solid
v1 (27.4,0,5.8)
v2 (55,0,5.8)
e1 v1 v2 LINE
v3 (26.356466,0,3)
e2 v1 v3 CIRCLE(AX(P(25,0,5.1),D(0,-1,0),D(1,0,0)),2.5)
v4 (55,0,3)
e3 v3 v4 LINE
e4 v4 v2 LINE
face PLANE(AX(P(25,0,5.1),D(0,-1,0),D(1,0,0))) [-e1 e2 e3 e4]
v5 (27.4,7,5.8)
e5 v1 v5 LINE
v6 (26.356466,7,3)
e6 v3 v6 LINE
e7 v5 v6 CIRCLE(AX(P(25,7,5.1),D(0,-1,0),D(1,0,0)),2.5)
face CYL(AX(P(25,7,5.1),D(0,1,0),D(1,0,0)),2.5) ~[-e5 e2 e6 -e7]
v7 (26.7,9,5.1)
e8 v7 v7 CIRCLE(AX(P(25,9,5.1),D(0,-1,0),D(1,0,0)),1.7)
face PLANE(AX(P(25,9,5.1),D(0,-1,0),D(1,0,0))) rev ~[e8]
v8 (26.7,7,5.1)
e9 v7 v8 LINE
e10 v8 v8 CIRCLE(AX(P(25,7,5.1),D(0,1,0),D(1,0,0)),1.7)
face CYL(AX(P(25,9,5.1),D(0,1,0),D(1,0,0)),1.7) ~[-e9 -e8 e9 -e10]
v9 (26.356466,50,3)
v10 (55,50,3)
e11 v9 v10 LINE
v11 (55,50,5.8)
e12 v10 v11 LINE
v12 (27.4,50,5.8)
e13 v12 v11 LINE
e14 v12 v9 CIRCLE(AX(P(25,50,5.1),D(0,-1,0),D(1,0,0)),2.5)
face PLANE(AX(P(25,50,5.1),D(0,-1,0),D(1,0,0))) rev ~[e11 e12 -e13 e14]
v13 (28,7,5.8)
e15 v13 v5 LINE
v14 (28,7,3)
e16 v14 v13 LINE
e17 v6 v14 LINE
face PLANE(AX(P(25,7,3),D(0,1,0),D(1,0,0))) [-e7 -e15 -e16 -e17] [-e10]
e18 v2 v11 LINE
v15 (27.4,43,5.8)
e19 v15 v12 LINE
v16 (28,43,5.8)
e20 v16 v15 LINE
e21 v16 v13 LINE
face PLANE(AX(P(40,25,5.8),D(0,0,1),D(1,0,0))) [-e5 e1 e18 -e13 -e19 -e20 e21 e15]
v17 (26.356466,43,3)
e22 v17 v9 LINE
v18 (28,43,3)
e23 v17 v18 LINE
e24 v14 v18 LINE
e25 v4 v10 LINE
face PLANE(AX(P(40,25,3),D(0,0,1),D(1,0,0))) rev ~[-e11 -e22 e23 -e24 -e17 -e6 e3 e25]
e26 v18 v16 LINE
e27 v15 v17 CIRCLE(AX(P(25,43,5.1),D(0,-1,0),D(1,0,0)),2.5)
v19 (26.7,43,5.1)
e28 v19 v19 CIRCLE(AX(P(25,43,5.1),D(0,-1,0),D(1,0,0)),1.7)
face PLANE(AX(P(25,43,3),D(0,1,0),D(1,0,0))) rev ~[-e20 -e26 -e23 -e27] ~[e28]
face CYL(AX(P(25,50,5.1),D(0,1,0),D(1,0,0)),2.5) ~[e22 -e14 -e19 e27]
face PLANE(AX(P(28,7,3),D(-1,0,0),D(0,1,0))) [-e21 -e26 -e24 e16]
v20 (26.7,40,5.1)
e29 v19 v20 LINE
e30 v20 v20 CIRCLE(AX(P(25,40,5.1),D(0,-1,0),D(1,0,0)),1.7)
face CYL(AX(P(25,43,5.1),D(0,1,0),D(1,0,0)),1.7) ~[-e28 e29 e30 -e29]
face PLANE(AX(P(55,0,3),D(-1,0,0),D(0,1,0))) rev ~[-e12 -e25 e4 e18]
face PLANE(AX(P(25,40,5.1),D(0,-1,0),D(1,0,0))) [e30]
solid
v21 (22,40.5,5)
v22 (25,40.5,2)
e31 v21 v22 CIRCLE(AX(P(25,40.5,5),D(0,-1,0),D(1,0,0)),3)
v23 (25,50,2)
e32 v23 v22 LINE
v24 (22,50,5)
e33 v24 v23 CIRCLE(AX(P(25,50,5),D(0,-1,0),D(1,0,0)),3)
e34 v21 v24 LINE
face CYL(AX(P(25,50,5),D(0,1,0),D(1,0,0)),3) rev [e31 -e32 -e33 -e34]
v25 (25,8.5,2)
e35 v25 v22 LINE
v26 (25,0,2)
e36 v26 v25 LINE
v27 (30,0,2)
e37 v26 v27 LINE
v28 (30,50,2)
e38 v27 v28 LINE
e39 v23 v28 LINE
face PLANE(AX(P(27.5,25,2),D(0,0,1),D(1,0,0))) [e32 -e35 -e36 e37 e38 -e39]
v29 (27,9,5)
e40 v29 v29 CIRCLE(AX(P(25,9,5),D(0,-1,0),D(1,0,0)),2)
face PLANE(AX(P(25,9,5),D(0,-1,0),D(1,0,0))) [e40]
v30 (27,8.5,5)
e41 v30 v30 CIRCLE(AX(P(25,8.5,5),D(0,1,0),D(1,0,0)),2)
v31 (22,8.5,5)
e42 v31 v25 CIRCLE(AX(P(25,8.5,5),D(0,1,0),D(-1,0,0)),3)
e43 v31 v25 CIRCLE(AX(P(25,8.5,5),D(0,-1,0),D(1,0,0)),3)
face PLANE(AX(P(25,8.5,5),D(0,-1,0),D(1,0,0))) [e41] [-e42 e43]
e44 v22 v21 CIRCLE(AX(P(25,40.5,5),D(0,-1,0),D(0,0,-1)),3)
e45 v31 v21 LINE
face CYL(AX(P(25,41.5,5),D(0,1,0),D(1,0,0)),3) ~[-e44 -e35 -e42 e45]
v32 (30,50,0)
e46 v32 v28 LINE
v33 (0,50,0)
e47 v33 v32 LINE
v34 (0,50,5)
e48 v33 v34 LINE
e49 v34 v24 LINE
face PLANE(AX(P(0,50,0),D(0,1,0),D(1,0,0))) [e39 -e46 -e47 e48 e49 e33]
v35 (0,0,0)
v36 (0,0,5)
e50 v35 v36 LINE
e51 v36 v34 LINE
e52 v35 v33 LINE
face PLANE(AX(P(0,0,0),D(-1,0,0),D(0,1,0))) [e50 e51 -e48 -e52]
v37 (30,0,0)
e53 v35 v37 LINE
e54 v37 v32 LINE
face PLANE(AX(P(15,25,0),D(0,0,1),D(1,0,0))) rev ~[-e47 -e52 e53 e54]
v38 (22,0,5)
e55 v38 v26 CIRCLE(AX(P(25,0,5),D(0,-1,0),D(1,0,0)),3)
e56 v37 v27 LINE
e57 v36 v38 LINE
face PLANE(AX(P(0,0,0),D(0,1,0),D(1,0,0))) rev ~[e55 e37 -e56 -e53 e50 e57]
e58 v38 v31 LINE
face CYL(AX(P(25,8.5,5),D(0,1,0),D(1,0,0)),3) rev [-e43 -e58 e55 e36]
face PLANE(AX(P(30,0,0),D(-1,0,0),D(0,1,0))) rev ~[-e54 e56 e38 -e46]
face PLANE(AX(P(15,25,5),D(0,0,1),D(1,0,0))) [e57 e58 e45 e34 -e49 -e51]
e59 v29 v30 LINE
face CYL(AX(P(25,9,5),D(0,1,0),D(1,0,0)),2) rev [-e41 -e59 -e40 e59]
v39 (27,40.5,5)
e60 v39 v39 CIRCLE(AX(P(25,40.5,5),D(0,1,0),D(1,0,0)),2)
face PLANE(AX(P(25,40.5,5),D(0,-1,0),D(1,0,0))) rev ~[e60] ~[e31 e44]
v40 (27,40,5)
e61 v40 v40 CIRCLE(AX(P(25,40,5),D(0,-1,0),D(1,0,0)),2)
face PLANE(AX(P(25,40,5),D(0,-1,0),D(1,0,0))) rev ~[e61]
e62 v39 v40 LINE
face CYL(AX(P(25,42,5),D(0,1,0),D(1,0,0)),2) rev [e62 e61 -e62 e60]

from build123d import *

# Parameters (mm, degrees)
CYLINDER006_R          = 2
CYLINDER006_DEPTH      = 2
CYLINDER006_ROLL_ANGLE = 90
CYLINDER005_R          = 2
CYLINDER005_DEPTH      = 2
CYLINDER005_ROLL_ANGLE = 90
CYLINDER002_R          = 3
CYLINDER002_DEPTH      = 9.5
CYLINDER002_ROLL_ANGLE = 90
CYLINDER001_R          = 3
CYLINDER001_DEPTH      = 8.5
CYLINDER001_ROLL_ANGLE = 90
BOX001_W               = 5
BOX001_H               = 50
BOX001_DEPTH           = 3
BOX_W                  = 30
BOX_H                  = 50
BOX_DEPTH              = 5
CYLINDER_R             = 3
CYLINDER_DEPTH         = 33
CYLINDER_ROLL_ANGLE    = 90
CYLINDER008_R          = 1.7
CYLINDER008_DEPTH      = 3
CYLINDER008_ROLL_ANGLE = 90
CYLINDER007_R          = 1.7
CYLINDER007_DEPTH      = 3
CYLINDER007_ROLL_ANGLE = 90
CYLINDER004_R          = 2.5
CYLINDER004_DEPTH      = 7
CYLINDER004_ROLL_ANGLE = 90
CYLINDER003_R          = 2.5
CYLINDER003_DEPTH      = 7
CYLINDER003_ROLL_ANGLE = 90
BOX003_W               = 3
BOX003_H               = 36
BOX003_DEPTH           = 3
BOX002_W               = 30
BOX002_H               = 50
BOX002_DEPTH           = 2.8


with BuildPart() as cylinder006:
    # Cylinder006 → Cylinder006 (new body)
    with BuildSketch(Plane.XY):
        Circle(CYLINDER006_R)
    extrude(amount=CYLINDER006_DEPTH)


with BuildPart() as cylinder006_1:
    # Cylinder006 roll: moved
    add(cylinder006.part.rotate(Axis((0, 0, 0), (1, 0, 0)), CYLINDER006_ROLL_ANGLE))


with BuildPart() as cylinder006_2:
    # Cylinder006 placement: moved
    add(cylinder006_1.part.moved(Location((25, 42, 5))))


with BuildPart() as cylinder005:
    # Cylinder005 → Cylinder005 (new body)
    with BuildSketch(Plane.XY):
        Circle(CYLINDER005_R)
    extrude(amount=CYLINDER005_DEPTH)


with BuildPart() as cylinder005_1:
    # Cylinder005 roll: moved
    add(cylinder005.part.rotate(Axis((0, 0, 0), (1, 0, 0)), CYLINDER005_ROLL_ANGLE))


with BuildPart() as cylinder005_2:
    # Cylinder005 placement: moved
    add(cylinder005_1.part.moved(Location((25, 9, 5))))


with BuildPart() as cylinder002:
    # Cylinder002 → Cylinder002 (new body)
    with BuildSketch(Plane.XY):
        Circle(CYLINDER002_R)
    extrude(amount=CYLINDER002_DEPTH)


with BuildPart() as cylinder002_1:
    # Cylinder002 roll: moved
    add(cylinder002.part.rotate(Axis((0, 0, 0), (1, 0, 0)), CYLINDER002_ROLL_ANGLE))


with BuildPart() as cylinder002_2:
    # Cylinder002 placement: moved
    add(cylinder002_1.part.moved(Location((25, 50, 5))))


with BuildPart() as cylinder001:
    # Cylinder001 → Cylinder001 (new body)
    with BuildSketch(Plane.XY):
        Circle(CYLINDER001_R)
    extrude(amount=CYLINDER001_DEPTH)


with BuildPart() as cylinder001_1:
    # Cylinder001 roll: moved
    add(cylinder001.part.rotate(Axis((0, 0, 0), (1, 0, 0)), CYLINDER001_ROLL_ANGLE))


with BuildPart() as cylinder001_2:
    # Cylinder001 placement: moved
    add(cylinder001_1.part.moved(Location((25, 8.5, 5))))


with BuildPart() as cube001:
    # Box001 → Box001 (new body)
    with BuildSketch(Plane(origin=(25, 0, 2), x_dir=(1, 0, 0), z_dir=(0, 0, 1))):
        with Locations((2.5, 25)):
            Rectangle(BOX001_W, BOX001_H)
    extrude(amount=BOX001_DEPTH)


with BuildPart() as cut:
    # Box → Box (new body)
    with BuildSketch(Plane.XY):
        with Locations((15, 25)):
            Rectangle(BOX_W, BOX_H)
    extrude(amount=BOX_DEPTH)

    # Cut: cut Cube001
    add(cube001.part, mode=Mode.SUBTRACT)


with BuildPart() as cut005:
    # Cylinder → Cylinder (new body)
    with BuildSketch(Plane.XY):
        Circle(CYLINDER_R)
    extrude(amount=CYLINDER_DEPTH)


with BuildPart() as cut005_1:
    # Cylinder roll: moved
    add(cut005.part.rotate(Axis((0, 0, 0), (1, 0, 0)), CYLINDER_ROLL_ANGLE))


with BuildPart() as cut005_2:
    # Cylinder placement: moved
    add(cut005_1.part.moved(Location((25, 41.5, 5))))

    # Fusion: union Cut
    add(cut.part)

    # Cut001: cut Cylinder001
    add(cylinder001_2.part, mode=Mode.SUBTRACT)

    # Cut002: cut Cylinder002
    add(cylinder002_2.part, mode=Mode.SUBTRACT)

    # Cut004: cut Cylinder005
    add(cylinder005_2.part, mode=Mode.SUBTRACT)

    # Cut005: cut Cylinder006
    add(cylinder006_2.part, mode=Mode.SUBTRACT)


with BuildPart() as cylinder008:
    # Cylinder008 → Cylinder008 (new body)
    with BuildSketch(Plane.XY):
        Circle(CYLINDER008_R)
    extrude(amount=CYLINDER008_DEPTH)


with BuildPart() as cylinder008_1:
    # Cylinder008 roll: moved
    add(cylinder008.part.rotate(Axis((0, 0, 0), (1, 0, 0)), CYLINDER008_ROLL_ANGLE))


with BuildPart() as cylinder008_2:
    # Cylinder008 placement: moved
    add(cylinder008_1.part.moved(Location((25, 43, 5.1))))


with BuildPart() as cylinder007:
    # Cylinder007 → Cylinder007 (new body)
    with BuildSketch(Plane.XY):
        Circle(CYLINDER007_R)
    extrude(amount=CYLINDER007_DEPTH)


with BuildPart() as cylinder007_1:
    # Cylinder007 roll: moved
    add(cylinder007.part.rotate(Axis((0, 0, 0), (1, 0, 0)), CYLINDER007_ROLL_ANGLE))


with BuildPart() as cylinder007_2:
    # Cylinder007 placement: moved
    add(cylinder007_1.part.moved(Location((25, 9, 5.1))))


with BuildPart() as cylinder004:
    # Cylinder004 → Cylinder004 (new body)
    with BuildSketch(Plane.XY):
        Circle(CYLINDER004_R)
    extrude(amount=CYLINDER004_DEPTH)


with BuildPart() as cylinder004_1:
    # Cylinder004 roll: moved
    add(cylinder004.part.rotate(Axis((0, 0, 0), (1, 0, 0)), CYLINDER004_ROLL_ANGLE))


with BuildPart() as cylinder004_2:
    # Cylinder004 placement: moved
    add(cylinder004_1.part.moved(Location((25, 50, 5.1))))


with BuildPart() as cylinder003:
    # Cylinder003 → Cylinder003 (new body)
    with BuildSketch(Plane.XY):
        Circle(CYLINDER003_R)
    extrude(amount=CYLINDER003_DEPTH)


with BuildPart() as cylinder003_1:
    # Cylinder003 roll: moved
    add(cylinder003.part.rotate(Axis((0, 0, 0), (1, 0, 0)), CYLINDER003_ROLL_ANGLE))


with BuildPart() as cylinder003_2:
    # Cylinder003 placement: moved
    add(cylinder003_1.part.moved(Location((25, 7, 5.1))))


with BuildPart() as cube003:
    # Box003 → Box003 (new body)
    with BuildSketch(Plane(origin=(25, 7, 3), x_dir=(1, 0, 0), z_dir=(0, 0, 1))):
        with Locations((1.5, 18)):
            Rectangle(BOX003_W, BOX003_H)
    extrude(amount=BOX003_DEPTH)


with BuildPart() as fusion004:
    # Box002 → Box002 (new body)
    with BuildSketch(Plane(origin=(25, 0, 3), x_dir=(1, 0, 0), z_dir=(0, 0, 1))):
        with Locations((15, 25)):
            Rectangle(BOX002_W, BOX002_H)
    extrude(amount=BOX002_DEPTH)

    # Cut003: cut Cube003
    add(cube003.part, mode=Mode.SUBTRACT)

    # Fusion001: union Cylinder003
    add(cylinder003_2.part)

    # Fusion002: union Cylinder004
    add(cylinder004_2.part)

    # Fusion003: union Cylinder007
    add(cylinder007_2.part)

    # Fusion004: union Cylinder008
    add(cylinder008_2.part)


solid = Compound([cut005_2.part, fusion004.part])
